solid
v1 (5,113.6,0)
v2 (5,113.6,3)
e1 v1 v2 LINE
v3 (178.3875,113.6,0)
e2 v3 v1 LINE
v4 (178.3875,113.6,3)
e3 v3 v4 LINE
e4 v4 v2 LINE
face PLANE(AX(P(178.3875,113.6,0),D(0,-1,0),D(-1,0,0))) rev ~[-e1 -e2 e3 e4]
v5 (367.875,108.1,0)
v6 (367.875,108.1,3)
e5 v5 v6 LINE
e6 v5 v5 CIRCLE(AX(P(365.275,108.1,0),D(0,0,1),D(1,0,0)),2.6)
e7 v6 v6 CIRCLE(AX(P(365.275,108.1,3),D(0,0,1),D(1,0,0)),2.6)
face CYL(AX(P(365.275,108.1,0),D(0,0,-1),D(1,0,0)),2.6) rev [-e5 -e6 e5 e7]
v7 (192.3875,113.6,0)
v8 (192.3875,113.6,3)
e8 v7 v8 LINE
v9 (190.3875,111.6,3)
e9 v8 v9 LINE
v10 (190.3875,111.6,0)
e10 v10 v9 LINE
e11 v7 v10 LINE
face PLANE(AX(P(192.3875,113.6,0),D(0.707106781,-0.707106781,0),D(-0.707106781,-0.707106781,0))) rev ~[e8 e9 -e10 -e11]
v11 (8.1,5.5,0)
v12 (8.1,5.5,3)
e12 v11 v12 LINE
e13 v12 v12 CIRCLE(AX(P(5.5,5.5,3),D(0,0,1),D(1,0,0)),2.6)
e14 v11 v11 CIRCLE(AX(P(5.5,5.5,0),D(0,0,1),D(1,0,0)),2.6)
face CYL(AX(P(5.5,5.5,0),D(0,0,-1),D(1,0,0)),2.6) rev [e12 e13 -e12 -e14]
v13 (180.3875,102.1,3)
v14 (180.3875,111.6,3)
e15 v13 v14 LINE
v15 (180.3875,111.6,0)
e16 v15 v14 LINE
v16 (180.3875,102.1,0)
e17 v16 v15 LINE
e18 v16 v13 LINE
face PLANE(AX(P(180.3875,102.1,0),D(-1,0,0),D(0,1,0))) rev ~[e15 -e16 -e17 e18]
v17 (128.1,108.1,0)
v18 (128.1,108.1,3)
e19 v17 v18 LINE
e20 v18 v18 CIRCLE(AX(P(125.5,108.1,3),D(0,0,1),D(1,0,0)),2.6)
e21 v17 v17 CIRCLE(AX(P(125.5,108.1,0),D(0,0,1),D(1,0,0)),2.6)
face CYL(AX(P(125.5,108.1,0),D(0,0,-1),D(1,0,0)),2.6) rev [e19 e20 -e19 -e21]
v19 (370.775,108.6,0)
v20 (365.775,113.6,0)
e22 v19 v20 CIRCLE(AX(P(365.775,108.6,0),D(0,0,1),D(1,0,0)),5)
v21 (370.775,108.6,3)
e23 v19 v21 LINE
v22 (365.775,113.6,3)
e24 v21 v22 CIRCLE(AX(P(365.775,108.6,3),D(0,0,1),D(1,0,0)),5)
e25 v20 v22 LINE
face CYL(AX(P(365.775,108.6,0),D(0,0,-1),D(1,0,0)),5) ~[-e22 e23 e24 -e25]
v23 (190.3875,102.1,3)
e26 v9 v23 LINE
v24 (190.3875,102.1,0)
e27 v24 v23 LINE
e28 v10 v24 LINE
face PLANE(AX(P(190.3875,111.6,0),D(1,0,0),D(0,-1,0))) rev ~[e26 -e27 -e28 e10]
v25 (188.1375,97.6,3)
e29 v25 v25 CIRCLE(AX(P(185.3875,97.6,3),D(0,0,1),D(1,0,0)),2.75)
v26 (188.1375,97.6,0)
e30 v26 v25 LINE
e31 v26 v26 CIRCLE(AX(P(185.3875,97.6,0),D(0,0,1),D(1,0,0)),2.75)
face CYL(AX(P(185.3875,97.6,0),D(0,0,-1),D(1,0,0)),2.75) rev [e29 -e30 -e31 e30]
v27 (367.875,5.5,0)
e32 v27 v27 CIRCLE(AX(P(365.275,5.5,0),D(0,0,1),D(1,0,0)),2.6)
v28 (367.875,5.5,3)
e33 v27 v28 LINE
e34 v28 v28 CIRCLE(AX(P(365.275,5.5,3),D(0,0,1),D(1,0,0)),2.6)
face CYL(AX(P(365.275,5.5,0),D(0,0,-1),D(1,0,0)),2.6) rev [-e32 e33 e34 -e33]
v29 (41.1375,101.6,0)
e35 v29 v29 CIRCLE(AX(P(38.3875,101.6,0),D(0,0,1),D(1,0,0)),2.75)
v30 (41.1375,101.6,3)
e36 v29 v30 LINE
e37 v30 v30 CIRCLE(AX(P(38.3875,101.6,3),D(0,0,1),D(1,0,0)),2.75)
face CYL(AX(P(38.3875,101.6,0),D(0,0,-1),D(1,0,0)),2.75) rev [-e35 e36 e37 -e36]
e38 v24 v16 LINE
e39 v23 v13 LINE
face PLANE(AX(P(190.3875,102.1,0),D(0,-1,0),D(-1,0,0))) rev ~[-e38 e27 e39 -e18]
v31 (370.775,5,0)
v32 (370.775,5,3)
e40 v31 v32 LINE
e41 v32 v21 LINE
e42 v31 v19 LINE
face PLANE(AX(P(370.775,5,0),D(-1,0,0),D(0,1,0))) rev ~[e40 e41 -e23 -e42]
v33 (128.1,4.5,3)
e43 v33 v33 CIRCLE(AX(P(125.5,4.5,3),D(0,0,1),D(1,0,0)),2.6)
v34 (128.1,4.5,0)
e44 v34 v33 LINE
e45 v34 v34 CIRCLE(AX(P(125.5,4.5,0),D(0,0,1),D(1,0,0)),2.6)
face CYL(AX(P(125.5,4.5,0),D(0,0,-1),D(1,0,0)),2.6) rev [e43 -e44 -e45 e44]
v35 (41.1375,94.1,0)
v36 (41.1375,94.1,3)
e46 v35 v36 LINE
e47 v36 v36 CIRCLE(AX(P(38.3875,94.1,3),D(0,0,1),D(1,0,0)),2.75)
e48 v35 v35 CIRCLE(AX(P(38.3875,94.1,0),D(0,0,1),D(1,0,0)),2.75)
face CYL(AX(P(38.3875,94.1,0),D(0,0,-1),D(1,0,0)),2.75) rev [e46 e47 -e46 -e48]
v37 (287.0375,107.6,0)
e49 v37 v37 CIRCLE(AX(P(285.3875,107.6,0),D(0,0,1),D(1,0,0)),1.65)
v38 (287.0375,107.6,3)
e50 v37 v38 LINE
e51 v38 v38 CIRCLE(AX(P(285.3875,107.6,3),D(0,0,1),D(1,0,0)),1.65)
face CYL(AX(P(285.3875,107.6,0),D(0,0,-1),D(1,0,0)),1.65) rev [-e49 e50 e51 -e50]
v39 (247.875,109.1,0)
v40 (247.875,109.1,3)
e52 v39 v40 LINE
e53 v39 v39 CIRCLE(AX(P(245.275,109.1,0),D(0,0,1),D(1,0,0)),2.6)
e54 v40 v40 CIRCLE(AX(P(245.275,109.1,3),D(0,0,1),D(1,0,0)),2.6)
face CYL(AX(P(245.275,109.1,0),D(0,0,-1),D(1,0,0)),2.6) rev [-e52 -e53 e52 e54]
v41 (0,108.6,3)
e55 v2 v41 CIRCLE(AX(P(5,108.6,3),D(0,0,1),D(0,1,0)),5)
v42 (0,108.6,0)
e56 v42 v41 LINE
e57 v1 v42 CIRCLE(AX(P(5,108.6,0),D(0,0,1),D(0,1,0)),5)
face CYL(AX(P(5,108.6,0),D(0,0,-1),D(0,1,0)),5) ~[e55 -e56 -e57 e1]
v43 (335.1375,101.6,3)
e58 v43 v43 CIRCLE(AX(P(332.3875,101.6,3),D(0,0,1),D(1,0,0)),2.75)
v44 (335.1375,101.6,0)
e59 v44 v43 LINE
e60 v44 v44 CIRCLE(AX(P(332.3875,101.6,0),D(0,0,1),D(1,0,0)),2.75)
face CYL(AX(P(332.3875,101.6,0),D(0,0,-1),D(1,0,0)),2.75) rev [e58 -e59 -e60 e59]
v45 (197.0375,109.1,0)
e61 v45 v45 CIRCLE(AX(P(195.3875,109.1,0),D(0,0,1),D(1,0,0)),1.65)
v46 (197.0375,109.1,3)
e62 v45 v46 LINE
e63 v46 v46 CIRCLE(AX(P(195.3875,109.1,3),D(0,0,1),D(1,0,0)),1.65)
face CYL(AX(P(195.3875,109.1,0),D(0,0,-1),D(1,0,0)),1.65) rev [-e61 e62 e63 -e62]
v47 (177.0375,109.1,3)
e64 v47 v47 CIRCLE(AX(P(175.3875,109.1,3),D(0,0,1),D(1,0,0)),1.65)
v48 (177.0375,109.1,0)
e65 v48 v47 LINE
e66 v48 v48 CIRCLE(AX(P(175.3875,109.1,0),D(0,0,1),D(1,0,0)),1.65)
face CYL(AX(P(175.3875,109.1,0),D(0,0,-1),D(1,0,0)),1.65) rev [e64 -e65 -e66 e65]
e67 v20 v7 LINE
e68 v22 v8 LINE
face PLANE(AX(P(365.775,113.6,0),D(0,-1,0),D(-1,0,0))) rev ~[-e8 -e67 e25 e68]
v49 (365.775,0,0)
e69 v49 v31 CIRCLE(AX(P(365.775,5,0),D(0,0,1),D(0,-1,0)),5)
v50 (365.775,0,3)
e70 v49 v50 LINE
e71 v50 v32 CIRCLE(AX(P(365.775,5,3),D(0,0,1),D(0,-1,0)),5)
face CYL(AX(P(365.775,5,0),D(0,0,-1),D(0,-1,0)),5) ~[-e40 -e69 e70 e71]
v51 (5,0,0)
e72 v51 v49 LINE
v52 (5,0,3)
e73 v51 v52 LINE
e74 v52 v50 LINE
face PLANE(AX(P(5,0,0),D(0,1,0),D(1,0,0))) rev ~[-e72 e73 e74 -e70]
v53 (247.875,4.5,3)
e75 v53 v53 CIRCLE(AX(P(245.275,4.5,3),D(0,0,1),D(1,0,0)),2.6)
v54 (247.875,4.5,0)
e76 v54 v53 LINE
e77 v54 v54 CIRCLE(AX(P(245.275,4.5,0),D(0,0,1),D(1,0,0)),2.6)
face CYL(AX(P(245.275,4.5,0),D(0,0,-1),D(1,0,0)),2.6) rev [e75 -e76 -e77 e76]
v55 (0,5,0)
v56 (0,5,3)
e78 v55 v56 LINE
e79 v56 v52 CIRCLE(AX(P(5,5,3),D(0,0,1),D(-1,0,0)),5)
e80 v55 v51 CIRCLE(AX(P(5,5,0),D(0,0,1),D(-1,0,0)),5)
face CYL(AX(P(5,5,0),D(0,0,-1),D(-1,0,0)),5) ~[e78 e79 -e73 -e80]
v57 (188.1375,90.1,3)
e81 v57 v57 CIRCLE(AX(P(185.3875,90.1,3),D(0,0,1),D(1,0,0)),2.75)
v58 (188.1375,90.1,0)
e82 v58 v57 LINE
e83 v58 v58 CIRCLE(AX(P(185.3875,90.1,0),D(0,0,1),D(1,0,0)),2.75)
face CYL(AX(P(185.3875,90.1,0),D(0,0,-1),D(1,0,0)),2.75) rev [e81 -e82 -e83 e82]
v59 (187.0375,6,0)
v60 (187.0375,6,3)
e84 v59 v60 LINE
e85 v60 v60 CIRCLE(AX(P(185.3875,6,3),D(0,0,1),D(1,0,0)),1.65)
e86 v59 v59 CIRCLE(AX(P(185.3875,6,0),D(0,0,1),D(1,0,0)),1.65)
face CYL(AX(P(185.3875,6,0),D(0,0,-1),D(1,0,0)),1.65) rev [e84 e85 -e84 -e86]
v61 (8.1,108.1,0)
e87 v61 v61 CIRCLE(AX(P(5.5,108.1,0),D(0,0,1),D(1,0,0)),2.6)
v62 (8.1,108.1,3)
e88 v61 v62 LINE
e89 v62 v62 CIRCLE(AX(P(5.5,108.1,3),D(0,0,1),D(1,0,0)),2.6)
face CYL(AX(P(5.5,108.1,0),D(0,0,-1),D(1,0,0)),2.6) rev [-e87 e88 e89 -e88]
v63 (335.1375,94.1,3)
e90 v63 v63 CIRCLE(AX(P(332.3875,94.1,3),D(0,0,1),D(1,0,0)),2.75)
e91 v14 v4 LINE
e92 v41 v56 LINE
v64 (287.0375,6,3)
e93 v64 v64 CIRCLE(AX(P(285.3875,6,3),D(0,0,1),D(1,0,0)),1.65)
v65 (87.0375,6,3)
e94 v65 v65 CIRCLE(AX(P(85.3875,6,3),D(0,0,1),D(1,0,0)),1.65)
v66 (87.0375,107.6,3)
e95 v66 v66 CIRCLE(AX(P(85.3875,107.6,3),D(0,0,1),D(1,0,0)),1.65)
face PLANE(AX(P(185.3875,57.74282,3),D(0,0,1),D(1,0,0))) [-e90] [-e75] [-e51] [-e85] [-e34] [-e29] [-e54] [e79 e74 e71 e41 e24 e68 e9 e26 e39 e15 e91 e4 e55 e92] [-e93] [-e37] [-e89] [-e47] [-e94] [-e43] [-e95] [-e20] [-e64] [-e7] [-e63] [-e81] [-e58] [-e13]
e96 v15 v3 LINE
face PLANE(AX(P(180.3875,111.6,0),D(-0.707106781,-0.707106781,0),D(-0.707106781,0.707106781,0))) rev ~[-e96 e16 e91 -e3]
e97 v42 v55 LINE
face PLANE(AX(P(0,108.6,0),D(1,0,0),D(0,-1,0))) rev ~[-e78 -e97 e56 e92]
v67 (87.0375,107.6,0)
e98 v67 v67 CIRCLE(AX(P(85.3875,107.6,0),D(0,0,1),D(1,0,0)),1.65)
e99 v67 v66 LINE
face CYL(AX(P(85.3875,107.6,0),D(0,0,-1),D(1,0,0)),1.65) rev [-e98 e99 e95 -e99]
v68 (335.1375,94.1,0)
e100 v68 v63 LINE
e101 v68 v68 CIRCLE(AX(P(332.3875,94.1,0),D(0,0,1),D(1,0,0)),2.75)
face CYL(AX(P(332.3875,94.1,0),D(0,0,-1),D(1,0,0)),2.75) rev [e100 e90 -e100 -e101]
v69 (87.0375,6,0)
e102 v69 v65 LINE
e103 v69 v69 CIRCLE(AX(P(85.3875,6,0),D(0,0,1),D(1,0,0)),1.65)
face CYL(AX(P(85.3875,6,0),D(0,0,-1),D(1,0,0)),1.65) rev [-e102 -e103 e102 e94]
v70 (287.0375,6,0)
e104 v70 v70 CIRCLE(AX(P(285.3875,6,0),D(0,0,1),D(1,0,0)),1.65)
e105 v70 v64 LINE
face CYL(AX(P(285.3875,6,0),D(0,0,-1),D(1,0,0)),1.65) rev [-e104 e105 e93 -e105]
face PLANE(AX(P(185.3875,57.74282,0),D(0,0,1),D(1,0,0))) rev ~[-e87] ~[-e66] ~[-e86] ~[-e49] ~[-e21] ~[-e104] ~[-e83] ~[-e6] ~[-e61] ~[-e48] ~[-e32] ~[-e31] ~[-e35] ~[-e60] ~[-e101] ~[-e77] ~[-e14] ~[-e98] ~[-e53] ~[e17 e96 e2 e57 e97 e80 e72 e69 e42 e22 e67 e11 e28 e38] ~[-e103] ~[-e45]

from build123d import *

# Parameters (mm, degrees)
MODEL_R             = 2.6
MODEL_R_2           = 1.65
MODEL_R_3           = 2.75
BOSS_EXTRUDE1_DEPTH = 3


with BuildPart() as part:
    # Model → Boss-Extrude1 (new body)
    with BuildSketch(Plane.XY):
        with BuildLine():
            Line((0, 108.6), (0, 5))
            ThreePointArc((0, 5), (1.464466094, 1.464466094), (5, 0))
            Line((5, 0), (365.775, 0))
            ThreePointArc((365.775, 0), (369.310533906, 1.464466094), (370.775, 5))
            Line((370.775, 5), (370.775, 108.6))
            ThreePointArc((370.775, 108.6), (369.310533906, 112.135533906), (365.775, 113.6))
            Line((365.775, 113.6), (192.387500002, 113.6))
            Line((192.387500002, 113.6), (190.387500002, 111.6))
            Line((190.387500002, 111.6), (190.387500002, 102.1))
            Line((190.387500002, 102.1), (180.387500002, 102.1))
            Line((180.387500002, 102.1), (180.387500001, 111.6))
            Line((180.387500001, 111.6), (178.387500002, 113.6))
            Line((178.387500002, 113.6), (5, 113.6))
            ThreePointArc((5, 113.6), (1.464466094, 112.135533906), (0, 108.6))
        make_face()
        with Locations((5.5, 108.1)):
            Circle(MODEL_R, mode=Mode.SUBTRACT)
        with Locations((5.5, 5.5)):
            Circle(MODEL_R, mode=Mode.SUBTRACT)
        with Locations((365.275, 5.5)):
            Circle(MODEL_R, mode=Mode.SUBTRACT)
        with Locations((365.275, 108.1)):
            Circle(MODEL_R, mode=Mode.SUBTRACT)
        with Locations((125.5, 4.5)):
            Circle(MODEL_R, mode=Mode.SUBTRACT)
        with Locations((195.3875, 109.1)):
            Circle(MODEL_R_2, mode=Mode.SUBTRACT)
        with Locations((175.3875, 109.1)):
            Circle(MODEL_R_2, mode=Mode.SUBTRACT)
        with Locations((38.387499996, 94.1)):
            Circle(MODEL_R_3, mode=Mode.SUBTRACT)
        with Locations((38.3875, 101.6)):
            Circle(MODEL_R_3, mode=Mode.SUBTRACT)
        with Locations((332.387499996, 94.1)):
            Circle(MODEL_R_3, mode=Mode.SUBTRACT)
        with Locations((332.3875, 101.6)):
            Circle(MODEL_R_3, mode=Mode.SUBTRACT)
        with Locations((185.387499995, 90.1)):
            Circle(MODEL_R_3, mode=Mode.SUBTRACT)
        with Locations((185.387499999, 97.6)):
            Circle(MODEL_R_3, mode=Mode.SUBTRACT)
        with Locations((85.3875, 107.6)):
            Circle(MODEL_R_2, mode=Mode.SUBTRACT)
        with Locations((285.3875, 107.6)):
            Circle(MODEL_R_2, mode=Mode.SUBTRACT)
        with Locations((85.3875, 6)):
            Circle(MODEL_R_2, mode=Mode.SUBTRACT)
        with Locations((185.3875, 6)):
            Circle(MODEL_R_2, mode=Mode.SUBTRACT)
        with Locations((285.3875, 6)):
            Circle(MODEL_R_2, mode=Mode.SUBTRACT)
        with Locations((245.275, 4.5)):
            Circle(MODEL_R, mode=Mode.SUBTRACT)
        with Locations((125.499999999, 108.1)):
            Circle(MODEL_R, mode=Mode.SUBTRACT)
        with Locations((245.275, 109.1)):
            Circle(MODEL_R, mode=Mode.SUBTRACT)
    extrude(amount=BOSS_EXTRUDE1_DEPTH)


solid = part.part
